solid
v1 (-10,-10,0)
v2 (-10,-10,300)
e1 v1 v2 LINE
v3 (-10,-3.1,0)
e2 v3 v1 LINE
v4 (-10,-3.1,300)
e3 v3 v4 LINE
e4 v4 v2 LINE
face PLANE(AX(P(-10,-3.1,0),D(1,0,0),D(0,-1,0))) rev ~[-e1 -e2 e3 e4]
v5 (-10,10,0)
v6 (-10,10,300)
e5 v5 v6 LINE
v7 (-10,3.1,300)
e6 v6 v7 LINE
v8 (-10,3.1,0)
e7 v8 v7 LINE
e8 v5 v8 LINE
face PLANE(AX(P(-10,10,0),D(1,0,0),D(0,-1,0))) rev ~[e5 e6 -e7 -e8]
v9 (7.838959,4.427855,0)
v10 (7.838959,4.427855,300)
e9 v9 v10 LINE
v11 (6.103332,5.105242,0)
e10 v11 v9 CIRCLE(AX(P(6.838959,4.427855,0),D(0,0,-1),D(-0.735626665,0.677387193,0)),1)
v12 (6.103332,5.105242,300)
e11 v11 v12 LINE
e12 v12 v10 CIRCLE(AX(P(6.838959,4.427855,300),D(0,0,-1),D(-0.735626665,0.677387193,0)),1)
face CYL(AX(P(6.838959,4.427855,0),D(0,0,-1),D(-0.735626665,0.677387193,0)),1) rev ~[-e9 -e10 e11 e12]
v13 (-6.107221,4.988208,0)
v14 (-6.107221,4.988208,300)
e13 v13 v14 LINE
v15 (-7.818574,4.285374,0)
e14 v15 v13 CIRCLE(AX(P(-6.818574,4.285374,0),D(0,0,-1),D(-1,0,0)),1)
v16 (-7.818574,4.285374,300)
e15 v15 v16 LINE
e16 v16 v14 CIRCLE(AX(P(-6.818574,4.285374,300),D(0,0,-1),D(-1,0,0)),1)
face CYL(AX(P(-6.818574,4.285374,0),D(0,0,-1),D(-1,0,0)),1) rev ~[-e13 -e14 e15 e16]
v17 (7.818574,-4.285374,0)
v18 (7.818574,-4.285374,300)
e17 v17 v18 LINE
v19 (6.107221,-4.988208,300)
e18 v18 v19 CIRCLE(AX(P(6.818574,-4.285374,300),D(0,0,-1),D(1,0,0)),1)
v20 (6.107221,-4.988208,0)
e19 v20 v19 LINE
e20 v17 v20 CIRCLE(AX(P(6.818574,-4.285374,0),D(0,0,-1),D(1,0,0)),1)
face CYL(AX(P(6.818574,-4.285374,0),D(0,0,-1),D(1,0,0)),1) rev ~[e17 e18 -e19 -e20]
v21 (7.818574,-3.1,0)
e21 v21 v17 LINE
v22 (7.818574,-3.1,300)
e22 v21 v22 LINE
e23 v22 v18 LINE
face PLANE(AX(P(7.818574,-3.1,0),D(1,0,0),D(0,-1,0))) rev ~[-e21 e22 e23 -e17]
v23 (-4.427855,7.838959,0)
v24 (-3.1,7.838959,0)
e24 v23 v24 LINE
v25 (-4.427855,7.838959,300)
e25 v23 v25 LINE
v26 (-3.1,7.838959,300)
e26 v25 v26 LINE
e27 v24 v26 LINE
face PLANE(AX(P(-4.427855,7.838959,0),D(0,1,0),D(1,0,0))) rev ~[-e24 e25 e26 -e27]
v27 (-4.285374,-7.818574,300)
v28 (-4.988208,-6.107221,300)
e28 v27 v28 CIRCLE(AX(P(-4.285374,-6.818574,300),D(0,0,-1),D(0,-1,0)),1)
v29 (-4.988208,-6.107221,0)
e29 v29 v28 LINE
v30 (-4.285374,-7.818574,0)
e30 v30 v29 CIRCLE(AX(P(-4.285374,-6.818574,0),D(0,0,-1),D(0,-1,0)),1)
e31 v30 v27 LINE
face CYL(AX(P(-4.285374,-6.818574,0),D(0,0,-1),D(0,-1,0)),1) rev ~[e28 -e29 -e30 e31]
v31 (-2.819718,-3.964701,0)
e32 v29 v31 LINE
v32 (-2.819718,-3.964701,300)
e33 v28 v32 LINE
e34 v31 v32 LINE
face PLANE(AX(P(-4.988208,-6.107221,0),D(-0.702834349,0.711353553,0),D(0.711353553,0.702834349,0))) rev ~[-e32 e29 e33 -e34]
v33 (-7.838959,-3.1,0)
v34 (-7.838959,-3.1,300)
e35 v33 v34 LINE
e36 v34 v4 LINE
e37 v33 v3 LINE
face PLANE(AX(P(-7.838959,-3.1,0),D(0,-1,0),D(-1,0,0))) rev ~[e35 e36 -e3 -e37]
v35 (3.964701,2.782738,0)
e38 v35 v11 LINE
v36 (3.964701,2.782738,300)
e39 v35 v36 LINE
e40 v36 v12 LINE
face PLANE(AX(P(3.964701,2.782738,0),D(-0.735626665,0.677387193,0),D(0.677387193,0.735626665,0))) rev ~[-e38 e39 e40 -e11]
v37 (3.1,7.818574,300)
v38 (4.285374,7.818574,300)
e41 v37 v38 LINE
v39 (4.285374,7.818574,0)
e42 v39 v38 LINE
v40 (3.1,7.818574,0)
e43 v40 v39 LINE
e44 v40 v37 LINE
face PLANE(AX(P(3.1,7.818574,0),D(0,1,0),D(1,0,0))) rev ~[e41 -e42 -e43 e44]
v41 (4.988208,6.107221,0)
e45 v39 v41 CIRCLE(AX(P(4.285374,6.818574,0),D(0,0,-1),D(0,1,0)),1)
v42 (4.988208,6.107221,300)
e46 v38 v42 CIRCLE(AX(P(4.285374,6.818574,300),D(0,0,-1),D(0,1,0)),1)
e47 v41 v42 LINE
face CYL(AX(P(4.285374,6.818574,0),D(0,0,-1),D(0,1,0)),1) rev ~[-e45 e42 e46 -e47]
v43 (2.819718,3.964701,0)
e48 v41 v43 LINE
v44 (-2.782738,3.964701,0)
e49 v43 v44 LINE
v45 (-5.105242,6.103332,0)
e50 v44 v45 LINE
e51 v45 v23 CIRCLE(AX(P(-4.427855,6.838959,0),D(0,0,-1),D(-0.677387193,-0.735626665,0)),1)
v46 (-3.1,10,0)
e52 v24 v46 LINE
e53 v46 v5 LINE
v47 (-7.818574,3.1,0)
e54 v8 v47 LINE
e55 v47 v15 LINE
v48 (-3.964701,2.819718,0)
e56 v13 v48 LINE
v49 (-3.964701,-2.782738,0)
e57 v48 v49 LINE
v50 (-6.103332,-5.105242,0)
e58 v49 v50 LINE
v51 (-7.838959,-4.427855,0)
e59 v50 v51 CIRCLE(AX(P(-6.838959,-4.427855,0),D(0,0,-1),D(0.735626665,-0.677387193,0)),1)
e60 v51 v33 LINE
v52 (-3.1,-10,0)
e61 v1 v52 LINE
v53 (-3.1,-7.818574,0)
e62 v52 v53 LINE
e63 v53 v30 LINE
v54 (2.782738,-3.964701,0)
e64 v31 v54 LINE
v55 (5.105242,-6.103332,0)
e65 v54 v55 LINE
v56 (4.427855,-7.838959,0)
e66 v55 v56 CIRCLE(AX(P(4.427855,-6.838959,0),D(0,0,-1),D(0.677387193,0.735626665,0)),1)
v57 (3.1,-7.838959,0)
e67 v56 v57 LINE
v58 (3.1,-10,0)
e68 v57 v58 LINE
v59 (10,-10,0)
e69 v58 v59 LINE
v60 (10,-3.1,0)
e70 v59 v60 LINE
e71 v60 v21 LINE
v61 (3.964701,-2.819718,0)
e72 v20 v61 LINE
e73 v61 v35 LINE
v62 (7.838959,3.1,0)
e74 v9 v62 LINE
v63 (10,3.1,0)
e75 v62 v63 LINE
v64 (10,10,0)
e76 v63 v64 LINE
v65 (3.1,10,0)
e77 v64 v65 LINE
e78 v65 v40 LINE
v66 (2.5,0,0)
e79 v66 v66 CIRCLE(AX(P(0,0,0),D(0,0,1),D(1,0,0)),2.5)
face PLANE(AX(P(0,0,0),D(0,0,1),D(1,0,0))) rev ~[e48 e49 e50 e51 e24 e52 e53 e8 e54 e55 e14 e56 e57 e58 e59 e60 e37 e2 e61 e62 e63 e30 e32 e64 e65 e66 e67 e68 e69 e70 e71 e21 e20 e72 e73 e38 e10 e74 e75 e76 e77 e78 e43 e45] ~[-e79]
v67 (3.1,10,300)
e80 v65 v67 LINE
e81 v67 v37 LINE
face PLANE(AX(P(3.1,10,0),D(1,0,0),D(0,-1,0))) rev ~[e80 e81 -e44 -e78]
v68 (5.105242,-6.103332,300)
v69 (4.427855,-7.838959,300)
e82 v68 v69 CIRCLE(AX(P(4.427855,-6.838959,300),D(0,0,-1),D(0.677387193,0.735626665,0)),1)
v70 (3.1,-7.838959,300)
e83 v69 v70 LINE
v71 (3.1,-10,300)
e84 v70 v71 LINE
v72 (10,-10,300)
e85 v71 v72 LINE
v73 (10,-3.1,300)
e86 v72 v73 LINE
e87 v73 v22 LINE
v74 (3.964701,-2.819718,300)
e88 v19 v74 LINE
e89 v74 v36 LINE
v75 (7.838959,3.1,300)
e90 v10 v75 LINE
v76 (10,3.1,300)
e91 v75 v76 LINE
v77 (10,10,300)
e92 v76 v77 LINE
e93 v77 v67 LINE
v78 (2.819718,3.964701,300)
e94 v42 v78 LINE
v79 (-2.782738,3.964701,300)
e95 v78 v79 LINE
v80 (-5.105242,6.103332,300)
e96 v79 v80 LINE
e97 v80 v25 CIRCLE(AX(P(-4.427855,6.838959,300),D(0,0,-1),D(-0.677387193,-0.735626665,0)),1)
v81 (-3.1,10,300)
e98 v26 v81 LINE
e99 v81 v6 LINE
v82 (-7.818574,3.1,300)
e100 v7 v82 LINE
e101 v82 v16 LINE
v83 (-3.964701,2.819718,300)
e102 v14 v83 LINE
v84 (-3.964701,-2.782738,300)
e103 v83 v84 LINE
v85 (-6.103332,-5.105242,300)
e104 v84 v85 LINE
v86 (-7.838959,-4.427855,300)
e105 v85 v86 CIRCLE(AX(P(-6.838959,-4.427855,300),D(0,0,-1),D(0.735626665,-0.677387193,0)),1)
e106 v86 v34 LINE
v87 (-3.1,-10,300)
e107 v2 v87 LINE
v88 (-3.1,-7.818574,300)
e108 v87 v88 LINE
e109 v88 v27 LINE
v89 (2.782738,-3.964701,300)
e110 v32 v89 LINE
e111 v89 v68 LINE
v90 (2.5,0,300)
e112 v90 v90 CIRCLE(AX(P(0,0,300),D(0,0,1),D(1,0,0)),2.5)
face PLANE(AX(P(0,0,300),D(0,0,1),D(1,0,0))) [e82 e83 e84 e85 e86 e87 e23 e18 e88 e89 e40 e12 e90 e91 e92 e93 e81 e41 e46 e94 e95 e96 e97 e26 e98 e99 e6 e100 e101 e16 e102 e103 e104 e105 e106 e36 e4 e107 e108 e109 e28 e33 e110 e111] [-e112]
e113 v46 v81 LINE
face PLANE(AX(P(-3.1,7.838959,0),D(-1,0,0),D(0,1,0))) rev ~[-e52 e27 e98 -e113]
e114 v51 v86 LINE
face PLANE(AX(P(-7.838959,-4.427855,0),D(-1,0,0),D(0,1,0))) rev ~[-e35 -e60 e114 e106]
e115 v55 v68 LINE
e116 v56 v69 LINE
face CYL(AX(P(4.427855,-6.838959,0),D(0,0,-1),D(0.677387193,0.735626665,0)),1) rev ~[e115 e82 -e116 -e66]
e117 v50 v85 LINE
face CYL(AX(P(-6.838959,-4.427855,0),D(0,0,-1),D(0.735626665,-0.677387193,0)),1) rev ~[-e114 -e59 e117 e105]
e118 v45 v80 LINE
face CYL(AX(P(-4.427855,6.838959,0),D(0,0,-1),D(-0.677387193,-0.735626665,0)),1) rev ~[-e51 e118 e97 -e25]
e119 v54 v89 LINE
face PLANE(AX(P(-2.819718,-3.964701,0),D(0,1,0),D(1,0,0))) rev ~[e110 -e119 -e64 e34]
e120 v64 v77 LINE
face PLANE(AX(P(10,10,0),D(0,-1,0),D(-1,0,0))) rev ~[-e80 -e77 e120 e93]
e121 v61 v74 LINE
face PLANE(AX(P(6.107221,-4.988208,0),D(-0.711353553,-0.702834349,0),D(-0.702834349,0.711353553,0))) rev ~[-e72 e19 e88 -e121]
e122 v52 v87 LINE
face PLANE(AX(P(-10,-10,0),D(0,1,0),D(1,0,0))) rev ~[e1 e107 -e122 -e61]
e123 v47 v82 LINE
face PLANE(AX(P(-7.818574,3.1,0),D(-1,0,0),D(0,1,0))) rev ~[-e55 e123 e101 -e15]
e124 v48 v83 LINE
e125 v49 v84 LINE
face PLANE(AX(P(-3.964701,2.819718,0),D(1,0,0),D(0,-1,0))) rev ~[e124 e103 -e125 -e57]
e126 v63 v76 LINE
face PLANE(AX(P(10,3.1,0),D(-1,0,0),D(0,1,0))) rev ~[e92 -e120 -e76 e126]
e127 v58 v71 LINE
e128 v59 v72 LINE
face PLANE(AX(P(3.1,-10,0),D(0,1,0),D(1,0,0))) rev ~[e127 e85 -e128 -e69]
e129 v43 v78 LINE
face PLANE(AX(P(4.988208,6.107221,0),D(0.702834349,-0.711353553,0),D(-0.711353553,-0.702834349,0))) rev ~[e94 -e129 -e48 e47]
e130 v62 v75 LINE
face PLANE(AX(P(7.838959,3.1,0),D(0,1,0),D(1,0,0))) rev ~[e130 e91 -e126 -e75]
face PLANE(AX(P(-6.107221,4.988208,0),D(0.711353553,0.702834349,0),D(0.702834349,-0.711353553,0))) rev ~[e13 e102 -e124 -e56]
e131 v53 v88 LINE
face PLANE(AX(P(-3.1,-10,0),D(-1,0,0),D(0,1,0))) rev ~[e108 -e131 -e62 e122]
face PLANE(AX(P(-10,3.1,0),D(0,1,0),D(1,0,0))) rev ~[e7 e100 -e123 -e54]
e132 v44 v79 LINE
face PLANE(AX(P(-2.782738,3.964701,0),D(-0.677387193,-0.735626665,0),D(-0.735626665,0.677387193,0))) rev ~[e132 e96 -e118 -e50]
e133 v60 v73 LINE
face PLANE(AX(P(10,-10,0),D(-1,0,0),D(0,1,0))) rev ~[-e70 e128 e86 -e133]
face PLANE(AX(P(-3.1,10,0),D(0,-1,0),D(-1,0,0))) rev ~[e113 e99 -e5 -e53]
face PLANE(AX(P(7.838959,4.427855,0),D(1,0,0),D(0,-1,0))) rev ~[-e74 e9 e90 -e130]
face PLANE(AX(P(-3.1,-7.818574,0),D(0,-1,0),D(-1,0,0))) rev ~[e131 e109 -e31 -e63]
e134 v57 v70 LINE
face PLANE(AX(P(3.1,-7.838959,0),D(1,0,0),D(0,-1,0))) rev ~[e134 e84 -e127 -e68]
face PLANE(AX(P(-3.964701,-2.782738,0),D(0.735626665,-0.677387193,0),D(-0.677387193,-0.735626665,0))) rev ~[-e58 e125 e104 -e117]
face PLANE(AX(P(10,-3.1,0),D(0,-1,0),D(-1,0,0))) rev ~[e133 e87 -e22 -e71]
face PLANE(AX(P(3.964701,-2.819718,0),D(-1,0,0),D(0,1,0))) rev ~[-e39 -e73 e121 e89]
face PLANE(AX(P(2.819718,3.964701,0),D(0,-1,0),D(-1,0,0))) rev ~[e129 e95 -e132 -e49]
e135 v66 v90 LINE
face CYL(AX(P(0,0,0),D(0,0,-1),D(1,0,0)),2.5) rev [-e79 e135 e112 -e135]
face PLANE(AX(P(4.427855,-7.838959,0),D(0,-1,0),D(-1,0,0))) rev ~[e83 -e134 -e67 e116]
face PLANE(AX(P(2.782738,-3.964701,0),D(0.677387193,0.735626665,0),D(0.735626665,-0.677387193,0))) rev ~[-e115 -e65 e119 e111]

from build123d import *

# Parameters (mm, degrees)
SKETCH2_R           = 2.5
BOSS_EXTRUDE1_DEPTH = 300


with BuildPart() as part:
    # Sketch2 → Boss-Extrude1 (new body)
    with BuildSketch(Plane.XY):
        with BuildLine():
            Line((-10, -10), (-3.1, -10))
            Line((-3.1, -10), (-3.1, -7.81857447))
            Line((-3.1, -7.81857447), (-4.285374034, -7.81857447))
            ThreePointArc((-4.285374034, -7.81857447), (-5.210402021, -7.198473435), (-4.988208383, -6.107220917))
            Line((-4.988208383, -6.107220917), (-2.819718275, -3.96470075))
            Line((-2.819718275, -3.96470075), (0, -3.96470075))
            Line((0, -3.96470075), (2.782738033, -3.96470075))
            Line((2.782738033, -3.96470075), (5.105242131, -6.103332486))
            ThreePointArc((5.105242131, -6.103332486), (5.359419929, -7.202533996), (4.427854938, -7.838959152))
            Line((4.427854938, -7.838959152), (3.1, -7.838959152))
            Line((3.1, -7.838959152), (3.1, -10))
            Line((3.1, -10), (10, -10))
            Line((10, -10), (10, -3.1))
            Line((10, -3.1), (7.81857447, -3.1))
            Line((7.81857447, -3.1), (7.81857447, -4.285374034))
            ThreePointArc((7.81857447, -4.285374034), (7.198473435, -5.210402021), (6.107220917, -4.988208383))
            Line((6.107220917, -4.988208383), (3.96470075, -2.819718275))
            Line((3.96470075, -2.819718275), (3.96470075, 0))
            Line((3.96470075, 0), (3.96470075, 2.782738033))
            Line((3.96470075, 2.782738033), (6.103332486, 5.105242131))
            ThreePointArc((6.103332486, 5.105242131), (7.202533996, 5.359419929), (7.838959152, 4.427854938))
            Line((7.838959152, 4.427854938), (7.838959152, 3.1))
            Line((7.838959152, 3.1), (10, 3.1))
            Line((10, 3.1), (10, 10))
            Line((10, 10), (3.1, 10))
            Line((3.1, 10), (3.1, 7.81857447))
            Line((3.1, 7.81857447), (4.285374034, 7.81857447))
            ThreePointArc((4.285374034, 7.81857447), (5.210402021, 7.198473435), (4.988208383, 6.107220917))
            Line((4.988208383, 6.107220917), (2.819718275, 3.96470075))
            Line((2.819718275, 3.96470075), (0, 3.96470075))
            Line((0, 3.96470075), (-2.782738033, 3.96470075))
            Line((-2.782738033, 3.96470075), (-5.105242131, 6.103332486))
            ThreePointArc((-5.105242131, 6.103332486), (-5.359419929, 7.202533996), (-4.427854938, 7.838959152))
            Line((-4.427854938, 7.838959152), (-3.1, 7.838959152))
            Line((-3.1, 7.838959152), (-3.1, 10))
            Line((-3.1, 10), (-10, 10))
            Line((-10, 10), (-10, 3.1))
            Line((-10, 3.1), (-7.81857447, 3.1))
            Line((-7.81857447, 3.1), (-7.81857447, 4.285374034))
            ThreePointArc((-7.81857447, 4.285374034), (-7.198473435, 5.210402021), (-6.107220917, 4.988208383))
            Line((-6.107220917, 4.988208383), (-3.96470075, 2.819718275))
            Line((-3.96470075, 2.819718275), (-3.96470075, 0))
            Line((-3.96470075, 0), (-3.96470075, -2.782738033))
            Line((-3.96470075, -2.782738033), (-6.103332486, -5.105242131))
            ThreePointArc((-6.103332486, -5.105242131), (-7.202533996, -5.359419929), (-7.838959152, -4.427854938))
            Line((-7.838959152, -4.427854938), (-7.838959152, -3.1))
            Line((-7.838959152, -3.1), (-10, -3.1))
            Line((-10, -3.1), (-10, -10))
        make_face()
        Circle(SKETCH2_R, mode=Mode.SUBTRACT)
    extrude(amount=BOSS_EXTRUDE1_DEPTH)


solid = part.part
